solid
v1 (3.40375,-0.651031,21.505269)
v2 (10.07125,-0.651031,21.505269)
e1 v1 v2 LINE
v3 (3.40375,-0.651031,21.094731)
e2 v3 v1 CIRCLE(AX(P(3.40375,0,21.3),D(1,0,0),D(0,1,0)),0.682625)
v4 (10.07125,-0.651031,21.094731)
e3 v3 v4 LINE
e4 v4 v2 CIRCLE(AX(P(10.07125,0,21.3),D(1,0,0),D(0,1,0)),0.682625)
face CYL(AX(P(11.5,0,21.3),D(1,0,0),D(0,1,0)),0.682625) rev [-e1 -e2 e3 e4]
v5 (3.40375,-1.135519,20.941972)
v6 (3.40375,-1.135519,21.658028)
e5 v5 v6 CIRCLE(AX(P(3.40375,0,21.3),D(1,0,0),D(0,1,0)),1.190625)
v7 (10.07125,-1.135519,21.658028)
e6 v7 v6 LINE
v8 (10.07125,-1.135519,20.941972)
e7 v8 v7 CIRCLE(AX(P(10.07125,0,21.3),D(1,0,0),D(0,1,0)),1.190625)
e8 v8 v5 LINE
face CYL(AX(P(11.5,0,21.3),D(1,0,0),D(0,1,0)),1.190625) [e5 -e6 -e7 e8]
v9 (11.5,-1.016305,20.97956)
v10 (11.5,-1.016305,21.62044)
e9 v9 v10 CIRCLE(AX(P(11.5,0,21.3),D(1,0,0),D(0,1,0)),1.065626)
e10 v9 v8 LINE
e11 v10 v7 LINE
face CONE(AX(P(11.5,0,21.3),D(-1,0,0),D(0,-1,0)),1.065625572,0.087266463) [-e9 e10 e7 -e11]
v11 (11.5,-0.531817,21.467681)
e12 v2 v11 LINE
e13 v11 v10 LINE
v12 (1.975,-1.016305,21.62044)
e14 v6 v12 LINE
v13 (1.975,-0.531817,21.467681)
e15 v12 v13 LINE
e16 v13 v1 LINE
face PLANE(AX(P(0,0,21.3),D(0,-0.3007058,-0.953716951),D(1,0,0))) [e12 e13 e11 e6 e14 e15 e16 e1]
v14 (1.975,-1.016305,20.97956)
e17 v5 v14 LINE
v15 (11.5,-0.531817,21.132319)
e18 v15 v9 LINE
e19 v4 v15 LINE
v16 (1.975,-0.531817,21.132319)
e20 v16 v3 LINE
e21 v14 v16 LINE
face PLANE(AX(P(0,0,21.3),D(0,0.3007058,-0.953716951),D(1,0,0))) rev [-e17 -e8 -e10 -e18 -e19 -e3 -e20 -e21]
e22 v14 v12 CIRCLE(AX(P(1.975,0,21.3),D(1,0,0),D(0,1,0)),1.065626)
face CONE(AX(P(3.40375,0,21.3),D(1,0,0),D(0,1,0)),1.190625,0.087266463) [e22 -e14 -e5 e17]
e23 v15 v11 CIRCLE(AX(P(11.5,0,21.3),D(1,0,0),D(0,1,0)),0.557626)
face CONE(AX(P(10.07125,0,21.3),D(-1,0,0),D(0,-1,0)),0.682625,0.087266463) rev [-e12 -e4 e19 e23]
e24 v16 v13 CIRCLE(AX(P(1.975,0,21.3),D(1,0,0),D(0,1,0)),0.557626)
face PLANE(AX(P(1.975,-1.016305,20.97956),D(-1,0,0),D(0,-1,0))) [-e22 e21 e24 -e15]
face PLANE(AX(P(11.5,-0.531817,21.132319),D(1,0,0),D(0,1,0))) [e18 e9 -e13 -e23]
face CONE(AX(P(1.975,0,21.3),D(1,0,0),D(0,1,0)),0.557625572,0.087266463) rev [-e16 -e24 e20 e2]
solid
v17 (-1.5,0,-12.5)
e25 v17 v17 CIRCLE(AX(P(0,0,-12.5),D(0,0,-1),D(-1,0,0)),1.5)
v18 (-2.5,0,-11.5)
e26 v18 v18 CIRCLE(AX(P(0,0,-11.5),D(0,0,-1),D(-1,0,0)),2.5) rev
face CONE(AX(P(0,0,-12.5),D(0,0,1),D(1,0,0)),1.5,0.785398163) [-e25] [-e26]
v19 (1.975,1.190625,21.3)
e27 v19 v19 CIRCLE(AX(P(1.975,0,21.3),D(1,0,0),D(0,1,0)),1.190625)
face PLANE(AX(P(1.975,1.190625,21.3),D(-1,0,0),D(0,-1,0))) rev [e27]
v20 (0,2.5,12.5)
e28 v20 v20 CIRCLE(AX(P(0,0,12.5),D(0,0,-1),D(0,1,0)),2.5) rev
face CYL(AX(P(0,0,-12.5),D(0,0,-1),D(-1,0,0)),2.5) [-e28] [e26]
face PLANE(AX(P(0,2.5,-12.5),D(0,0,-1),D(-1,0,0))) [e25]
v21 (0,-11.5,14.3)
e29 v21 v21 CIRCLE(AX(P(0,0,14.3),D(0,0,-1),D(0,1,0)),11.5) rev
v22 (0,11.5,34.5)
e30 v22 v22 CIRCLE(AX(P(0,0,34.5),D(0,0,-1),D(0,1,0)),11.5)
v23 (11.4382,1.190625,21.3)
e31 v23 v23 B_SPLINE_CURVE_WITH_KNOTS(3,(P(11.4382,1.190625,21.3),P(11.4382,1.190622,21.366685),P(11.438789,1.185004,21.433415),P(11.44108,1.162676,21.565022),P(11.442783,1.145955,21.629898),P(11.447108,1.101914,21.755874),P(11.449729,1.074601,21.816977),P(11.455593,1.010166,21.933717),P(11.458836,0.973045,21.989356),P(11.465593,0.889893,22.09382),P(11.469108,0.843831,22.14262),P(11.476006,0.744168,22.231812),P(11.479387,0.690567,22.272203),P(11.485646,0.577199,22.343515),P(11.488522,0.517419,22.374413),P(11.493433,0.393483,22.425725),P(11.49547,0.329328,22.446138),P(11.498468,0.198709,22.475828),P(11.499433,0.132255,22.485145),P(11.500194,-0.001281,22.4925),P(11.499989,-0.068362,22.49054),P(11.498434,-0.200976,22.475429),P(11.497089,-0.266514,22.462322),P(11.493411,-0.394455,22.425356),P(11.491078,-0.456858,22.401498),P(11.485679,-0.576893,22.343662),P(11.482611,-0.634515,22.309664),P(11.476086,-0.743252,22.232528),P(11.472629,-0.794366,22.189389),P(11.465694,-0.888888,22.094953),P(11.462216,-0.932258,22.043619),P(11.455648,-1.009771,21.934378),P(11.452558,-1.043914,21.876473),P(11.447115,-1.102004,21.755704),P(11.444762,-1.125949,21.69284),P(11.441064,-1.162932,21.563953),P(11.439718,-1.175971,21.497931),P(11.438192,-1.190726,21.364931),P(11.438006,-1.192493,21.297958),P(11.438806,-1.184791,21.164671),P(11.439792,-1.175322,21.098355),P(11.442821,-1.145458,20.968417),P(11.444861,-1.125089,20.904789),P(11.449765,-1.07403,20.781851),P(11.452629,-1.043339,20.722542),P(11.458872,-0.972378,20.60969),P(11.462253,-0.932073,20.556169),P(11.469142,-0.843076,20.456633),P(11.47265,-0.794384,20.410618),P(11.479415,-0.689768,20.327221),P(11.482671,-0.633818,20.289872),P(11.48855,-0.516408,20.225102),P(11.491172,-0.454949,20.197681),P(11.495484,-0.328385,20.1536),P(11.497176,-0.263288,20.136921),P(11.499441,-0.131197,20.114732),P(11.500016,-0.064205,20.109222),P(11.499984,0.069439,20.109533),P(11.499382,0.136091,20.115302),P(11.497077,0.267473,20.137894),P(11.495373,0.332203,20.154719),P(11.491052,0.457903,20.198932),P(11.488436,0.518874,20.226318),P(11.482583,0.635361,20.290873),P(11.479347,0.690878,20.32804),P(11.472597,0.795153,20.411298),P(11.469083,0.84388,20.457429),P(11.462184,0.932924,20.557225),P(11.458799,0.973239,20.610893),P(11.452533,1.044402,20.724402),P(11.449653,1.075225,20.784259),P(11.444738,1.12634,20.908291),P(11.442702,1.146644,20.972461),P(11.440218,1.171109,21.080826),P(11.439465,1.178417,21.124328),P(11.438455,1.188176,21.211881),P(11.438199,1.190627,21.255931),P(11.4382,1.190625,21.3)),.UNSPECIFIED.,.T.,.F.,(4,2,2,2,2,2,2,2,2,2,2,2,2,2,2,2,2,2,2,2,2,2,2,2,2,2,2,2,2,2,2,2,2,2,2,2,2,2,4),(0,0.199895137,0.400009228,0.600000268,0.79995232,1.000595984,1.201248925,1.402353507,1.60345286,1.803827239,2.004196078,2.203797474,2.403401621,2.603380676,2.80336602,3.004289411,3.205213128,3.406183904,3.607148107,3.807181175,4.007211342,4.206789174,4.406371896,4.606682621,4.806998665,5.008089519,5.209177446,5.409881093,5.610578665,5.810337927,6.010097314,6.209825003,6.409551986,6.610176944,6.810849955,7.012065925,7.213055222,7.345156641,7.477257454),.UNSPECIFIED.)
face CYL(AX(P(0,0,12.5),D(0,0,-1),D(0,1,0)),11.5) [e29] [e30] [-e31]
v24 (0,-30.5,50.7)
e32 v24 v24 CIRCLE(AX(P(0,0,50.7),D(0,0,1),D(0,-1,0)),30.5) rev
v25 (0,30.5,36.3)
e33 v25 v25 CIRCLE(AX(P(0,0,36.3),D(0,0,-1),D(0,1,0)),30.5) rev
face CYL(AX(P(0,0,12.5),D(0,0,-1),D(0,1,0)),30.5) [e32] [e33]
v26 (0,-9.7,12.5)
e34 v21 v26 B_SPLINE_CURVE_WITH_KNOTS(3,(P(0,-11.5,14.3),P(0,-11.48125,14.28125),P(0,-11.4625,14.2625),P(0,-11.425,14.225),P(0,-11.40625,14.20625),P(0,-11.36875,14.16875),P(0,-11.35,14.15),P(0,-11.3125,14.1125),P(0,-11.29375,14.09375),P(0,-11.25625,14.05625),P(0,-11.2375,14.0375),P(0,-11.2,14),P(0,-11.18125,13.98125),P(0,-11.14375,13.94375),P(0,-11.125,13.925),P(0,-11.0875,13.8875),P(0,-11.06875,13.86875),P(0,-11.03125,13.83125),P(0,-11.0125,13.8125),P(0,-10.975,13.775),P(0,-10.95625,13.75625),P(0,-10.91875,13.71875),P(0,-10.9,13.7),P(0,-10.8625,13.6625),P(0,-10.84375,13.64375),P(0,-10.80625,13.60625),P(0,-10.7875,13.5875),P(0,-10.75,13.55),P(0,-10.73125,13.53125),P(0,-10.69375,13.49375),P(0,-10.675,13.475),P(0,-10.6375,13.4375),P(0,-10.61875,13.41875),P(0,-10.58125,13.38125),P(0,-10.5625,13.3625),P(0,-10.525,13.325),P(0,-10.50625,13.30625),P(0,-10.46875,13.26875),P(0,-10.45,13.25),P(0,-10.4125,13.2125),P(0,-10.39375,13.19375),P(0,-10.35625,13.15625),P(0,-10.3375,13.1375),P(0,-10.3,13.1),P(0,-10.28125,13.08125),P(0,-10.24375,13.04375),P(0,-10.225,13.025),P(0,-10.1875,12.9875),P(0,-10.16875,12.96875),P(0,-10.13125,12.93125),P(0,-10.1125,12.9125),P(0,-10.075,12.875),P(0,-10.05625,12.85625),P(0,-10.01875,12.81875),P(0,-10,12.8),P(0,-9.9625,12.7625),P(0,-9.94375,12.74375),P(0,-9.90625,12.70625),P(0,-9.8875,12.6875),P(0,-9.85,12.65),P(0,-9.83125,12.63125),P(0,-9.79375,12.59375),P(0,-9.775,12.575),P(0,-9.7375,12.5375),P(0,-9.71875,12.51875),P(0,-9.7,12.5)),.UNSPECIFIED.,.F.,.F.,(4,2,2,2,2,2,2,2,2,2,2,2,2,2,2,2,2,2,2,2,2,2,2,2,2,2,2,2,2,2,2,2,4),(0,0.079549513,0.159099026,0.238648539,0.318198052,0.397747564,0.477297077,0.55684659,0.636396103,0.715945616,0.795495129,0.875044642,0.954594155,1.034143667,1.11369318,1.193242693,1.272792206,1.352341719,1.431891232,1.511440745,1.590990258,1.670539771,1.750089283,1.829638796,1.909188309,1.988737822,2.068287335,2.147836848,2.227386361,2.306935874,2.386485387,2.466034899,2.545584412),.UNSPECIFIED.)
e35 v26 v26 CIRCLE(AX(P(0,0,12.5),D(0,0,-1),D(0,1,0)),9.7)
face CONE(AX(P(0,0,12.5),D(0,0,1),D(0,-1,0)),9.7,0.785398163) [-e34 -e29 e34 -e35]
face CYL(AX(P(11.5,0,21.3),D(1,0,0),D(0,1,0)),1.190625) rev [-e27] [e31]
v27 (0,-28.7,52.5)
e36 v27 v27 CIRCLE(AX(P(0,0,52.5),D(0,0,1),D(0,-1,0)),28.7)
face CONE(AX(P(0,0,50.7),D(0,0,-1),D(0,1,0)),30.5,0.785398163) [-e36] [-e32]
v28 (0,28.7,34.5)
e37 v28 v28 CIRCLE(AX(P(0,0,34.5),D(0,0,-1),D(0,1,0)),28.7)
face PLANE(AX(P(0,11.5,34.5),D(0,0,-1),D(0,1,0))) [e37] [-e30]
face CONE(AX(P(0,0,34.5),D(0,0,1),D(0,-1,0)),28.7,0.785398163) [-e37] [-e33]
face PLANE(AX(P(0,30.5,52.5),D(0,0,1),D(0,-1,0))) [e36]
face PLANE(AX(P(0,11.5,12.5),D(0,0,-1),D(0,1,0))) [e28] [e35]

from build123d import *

# Parameters (mm, degrees)
SKETCH1_W      = 25
SKETCH1_H      = 2.5
CHAMFER1_SIZE  = 1
CHAMFER2_SIZE  = 1.8
SKETCH16_W     = 9.525
SKETCH16_H     = 1.190625
REVOLVE4_ANGLE = 325


with BuildPart() as part:
    # Sketch1 → Revolve1 (revolve)
    with BuildSketch(Plane(origin=(0, 0, 0), x_dir=(0, 0, -1), z_dir=(1, 0, 0))):
        with Locations((0, 1.25)):
            Rectangle(SKETCH1_W, SKETCH1_H)
    revolve(axis=Axis((0, 0, -12.5), (0, 0, 1)))

    # Sketch5 → Revolve3 (revolve)
    with BuildSketch(Plane(origin=(0, 0, 0), x_dir=(0, 0, -1), z_dir=(1, 0, 0))):
        Polygon((-12.5, 11.5), (-34.5, 11.5), (-34.5, 30.5), (-52.5, 30.5), (-52.5, 0), (-12.5, 0), align=None)
    revolve(axis=Axis((0, 0, 12.5), (0, 0, 1)))

    # Chamfer1
    chamfer1_edges = [part.edges().sort_by_distance(p)[0] for p in [
        (0, -2.5, -12.5),
    ]]
    chamfer(chamfer1_edges, length=CHAMFER1_SIZE)

    # Chamfer2
    chamfer2_edges = [part.edges().sort_by_distance(p)[0] for p in [
        (0, -30.5, 34.5),
        (0, -30.5, 52.5),
        (0, -11.5, 12.5),
    ]]
    chamfer(chamfer2_edges, length=CHAMFER2_SIZE)

    # Sketch16 → Cut-Revolve1 (revolve, cut)
    with BuildSketch(Plane.XY.offset(21.3)):
        with Locations((6.7375, 0.5953125)):
            Rectangle(SKETCH16_W, SKETCH16_H)
    revolve(axis=Axis((11.5, 0, 21.3), (-1, 0, 0)), mode=Mode.SUBTRACT)


with BuildPart() as body_2:
    # Sketch17 → Revolve4 (revolve, symmetric)
    with BuildSketch(Plane.XY.offset(21.3)) as revolve4_sk:
        Polygon((11.5, 1.065625572), (10.07125, 1.190625), (3.40375, 1.190625), (1.975, 1.065625572), (1.975, 0.557625572), (3.40375, 0.682625), (10.07125, 0.682625), (11.5, 0.557625572), align=None)
    revolve(axis=Axis((11.5, 0, 21.3), (-1, 0, 0)), revolution_arc=REVOLVE4_ANGLE / 2)
    revolve(revolve4_sk.sketch, axis=Axis((11.5, 0, 21.3), (1, 0, 0)), revolution_arc=REVOLVE4_ANGLE / 2)


solid = Compound([part.part, body_2.part])
